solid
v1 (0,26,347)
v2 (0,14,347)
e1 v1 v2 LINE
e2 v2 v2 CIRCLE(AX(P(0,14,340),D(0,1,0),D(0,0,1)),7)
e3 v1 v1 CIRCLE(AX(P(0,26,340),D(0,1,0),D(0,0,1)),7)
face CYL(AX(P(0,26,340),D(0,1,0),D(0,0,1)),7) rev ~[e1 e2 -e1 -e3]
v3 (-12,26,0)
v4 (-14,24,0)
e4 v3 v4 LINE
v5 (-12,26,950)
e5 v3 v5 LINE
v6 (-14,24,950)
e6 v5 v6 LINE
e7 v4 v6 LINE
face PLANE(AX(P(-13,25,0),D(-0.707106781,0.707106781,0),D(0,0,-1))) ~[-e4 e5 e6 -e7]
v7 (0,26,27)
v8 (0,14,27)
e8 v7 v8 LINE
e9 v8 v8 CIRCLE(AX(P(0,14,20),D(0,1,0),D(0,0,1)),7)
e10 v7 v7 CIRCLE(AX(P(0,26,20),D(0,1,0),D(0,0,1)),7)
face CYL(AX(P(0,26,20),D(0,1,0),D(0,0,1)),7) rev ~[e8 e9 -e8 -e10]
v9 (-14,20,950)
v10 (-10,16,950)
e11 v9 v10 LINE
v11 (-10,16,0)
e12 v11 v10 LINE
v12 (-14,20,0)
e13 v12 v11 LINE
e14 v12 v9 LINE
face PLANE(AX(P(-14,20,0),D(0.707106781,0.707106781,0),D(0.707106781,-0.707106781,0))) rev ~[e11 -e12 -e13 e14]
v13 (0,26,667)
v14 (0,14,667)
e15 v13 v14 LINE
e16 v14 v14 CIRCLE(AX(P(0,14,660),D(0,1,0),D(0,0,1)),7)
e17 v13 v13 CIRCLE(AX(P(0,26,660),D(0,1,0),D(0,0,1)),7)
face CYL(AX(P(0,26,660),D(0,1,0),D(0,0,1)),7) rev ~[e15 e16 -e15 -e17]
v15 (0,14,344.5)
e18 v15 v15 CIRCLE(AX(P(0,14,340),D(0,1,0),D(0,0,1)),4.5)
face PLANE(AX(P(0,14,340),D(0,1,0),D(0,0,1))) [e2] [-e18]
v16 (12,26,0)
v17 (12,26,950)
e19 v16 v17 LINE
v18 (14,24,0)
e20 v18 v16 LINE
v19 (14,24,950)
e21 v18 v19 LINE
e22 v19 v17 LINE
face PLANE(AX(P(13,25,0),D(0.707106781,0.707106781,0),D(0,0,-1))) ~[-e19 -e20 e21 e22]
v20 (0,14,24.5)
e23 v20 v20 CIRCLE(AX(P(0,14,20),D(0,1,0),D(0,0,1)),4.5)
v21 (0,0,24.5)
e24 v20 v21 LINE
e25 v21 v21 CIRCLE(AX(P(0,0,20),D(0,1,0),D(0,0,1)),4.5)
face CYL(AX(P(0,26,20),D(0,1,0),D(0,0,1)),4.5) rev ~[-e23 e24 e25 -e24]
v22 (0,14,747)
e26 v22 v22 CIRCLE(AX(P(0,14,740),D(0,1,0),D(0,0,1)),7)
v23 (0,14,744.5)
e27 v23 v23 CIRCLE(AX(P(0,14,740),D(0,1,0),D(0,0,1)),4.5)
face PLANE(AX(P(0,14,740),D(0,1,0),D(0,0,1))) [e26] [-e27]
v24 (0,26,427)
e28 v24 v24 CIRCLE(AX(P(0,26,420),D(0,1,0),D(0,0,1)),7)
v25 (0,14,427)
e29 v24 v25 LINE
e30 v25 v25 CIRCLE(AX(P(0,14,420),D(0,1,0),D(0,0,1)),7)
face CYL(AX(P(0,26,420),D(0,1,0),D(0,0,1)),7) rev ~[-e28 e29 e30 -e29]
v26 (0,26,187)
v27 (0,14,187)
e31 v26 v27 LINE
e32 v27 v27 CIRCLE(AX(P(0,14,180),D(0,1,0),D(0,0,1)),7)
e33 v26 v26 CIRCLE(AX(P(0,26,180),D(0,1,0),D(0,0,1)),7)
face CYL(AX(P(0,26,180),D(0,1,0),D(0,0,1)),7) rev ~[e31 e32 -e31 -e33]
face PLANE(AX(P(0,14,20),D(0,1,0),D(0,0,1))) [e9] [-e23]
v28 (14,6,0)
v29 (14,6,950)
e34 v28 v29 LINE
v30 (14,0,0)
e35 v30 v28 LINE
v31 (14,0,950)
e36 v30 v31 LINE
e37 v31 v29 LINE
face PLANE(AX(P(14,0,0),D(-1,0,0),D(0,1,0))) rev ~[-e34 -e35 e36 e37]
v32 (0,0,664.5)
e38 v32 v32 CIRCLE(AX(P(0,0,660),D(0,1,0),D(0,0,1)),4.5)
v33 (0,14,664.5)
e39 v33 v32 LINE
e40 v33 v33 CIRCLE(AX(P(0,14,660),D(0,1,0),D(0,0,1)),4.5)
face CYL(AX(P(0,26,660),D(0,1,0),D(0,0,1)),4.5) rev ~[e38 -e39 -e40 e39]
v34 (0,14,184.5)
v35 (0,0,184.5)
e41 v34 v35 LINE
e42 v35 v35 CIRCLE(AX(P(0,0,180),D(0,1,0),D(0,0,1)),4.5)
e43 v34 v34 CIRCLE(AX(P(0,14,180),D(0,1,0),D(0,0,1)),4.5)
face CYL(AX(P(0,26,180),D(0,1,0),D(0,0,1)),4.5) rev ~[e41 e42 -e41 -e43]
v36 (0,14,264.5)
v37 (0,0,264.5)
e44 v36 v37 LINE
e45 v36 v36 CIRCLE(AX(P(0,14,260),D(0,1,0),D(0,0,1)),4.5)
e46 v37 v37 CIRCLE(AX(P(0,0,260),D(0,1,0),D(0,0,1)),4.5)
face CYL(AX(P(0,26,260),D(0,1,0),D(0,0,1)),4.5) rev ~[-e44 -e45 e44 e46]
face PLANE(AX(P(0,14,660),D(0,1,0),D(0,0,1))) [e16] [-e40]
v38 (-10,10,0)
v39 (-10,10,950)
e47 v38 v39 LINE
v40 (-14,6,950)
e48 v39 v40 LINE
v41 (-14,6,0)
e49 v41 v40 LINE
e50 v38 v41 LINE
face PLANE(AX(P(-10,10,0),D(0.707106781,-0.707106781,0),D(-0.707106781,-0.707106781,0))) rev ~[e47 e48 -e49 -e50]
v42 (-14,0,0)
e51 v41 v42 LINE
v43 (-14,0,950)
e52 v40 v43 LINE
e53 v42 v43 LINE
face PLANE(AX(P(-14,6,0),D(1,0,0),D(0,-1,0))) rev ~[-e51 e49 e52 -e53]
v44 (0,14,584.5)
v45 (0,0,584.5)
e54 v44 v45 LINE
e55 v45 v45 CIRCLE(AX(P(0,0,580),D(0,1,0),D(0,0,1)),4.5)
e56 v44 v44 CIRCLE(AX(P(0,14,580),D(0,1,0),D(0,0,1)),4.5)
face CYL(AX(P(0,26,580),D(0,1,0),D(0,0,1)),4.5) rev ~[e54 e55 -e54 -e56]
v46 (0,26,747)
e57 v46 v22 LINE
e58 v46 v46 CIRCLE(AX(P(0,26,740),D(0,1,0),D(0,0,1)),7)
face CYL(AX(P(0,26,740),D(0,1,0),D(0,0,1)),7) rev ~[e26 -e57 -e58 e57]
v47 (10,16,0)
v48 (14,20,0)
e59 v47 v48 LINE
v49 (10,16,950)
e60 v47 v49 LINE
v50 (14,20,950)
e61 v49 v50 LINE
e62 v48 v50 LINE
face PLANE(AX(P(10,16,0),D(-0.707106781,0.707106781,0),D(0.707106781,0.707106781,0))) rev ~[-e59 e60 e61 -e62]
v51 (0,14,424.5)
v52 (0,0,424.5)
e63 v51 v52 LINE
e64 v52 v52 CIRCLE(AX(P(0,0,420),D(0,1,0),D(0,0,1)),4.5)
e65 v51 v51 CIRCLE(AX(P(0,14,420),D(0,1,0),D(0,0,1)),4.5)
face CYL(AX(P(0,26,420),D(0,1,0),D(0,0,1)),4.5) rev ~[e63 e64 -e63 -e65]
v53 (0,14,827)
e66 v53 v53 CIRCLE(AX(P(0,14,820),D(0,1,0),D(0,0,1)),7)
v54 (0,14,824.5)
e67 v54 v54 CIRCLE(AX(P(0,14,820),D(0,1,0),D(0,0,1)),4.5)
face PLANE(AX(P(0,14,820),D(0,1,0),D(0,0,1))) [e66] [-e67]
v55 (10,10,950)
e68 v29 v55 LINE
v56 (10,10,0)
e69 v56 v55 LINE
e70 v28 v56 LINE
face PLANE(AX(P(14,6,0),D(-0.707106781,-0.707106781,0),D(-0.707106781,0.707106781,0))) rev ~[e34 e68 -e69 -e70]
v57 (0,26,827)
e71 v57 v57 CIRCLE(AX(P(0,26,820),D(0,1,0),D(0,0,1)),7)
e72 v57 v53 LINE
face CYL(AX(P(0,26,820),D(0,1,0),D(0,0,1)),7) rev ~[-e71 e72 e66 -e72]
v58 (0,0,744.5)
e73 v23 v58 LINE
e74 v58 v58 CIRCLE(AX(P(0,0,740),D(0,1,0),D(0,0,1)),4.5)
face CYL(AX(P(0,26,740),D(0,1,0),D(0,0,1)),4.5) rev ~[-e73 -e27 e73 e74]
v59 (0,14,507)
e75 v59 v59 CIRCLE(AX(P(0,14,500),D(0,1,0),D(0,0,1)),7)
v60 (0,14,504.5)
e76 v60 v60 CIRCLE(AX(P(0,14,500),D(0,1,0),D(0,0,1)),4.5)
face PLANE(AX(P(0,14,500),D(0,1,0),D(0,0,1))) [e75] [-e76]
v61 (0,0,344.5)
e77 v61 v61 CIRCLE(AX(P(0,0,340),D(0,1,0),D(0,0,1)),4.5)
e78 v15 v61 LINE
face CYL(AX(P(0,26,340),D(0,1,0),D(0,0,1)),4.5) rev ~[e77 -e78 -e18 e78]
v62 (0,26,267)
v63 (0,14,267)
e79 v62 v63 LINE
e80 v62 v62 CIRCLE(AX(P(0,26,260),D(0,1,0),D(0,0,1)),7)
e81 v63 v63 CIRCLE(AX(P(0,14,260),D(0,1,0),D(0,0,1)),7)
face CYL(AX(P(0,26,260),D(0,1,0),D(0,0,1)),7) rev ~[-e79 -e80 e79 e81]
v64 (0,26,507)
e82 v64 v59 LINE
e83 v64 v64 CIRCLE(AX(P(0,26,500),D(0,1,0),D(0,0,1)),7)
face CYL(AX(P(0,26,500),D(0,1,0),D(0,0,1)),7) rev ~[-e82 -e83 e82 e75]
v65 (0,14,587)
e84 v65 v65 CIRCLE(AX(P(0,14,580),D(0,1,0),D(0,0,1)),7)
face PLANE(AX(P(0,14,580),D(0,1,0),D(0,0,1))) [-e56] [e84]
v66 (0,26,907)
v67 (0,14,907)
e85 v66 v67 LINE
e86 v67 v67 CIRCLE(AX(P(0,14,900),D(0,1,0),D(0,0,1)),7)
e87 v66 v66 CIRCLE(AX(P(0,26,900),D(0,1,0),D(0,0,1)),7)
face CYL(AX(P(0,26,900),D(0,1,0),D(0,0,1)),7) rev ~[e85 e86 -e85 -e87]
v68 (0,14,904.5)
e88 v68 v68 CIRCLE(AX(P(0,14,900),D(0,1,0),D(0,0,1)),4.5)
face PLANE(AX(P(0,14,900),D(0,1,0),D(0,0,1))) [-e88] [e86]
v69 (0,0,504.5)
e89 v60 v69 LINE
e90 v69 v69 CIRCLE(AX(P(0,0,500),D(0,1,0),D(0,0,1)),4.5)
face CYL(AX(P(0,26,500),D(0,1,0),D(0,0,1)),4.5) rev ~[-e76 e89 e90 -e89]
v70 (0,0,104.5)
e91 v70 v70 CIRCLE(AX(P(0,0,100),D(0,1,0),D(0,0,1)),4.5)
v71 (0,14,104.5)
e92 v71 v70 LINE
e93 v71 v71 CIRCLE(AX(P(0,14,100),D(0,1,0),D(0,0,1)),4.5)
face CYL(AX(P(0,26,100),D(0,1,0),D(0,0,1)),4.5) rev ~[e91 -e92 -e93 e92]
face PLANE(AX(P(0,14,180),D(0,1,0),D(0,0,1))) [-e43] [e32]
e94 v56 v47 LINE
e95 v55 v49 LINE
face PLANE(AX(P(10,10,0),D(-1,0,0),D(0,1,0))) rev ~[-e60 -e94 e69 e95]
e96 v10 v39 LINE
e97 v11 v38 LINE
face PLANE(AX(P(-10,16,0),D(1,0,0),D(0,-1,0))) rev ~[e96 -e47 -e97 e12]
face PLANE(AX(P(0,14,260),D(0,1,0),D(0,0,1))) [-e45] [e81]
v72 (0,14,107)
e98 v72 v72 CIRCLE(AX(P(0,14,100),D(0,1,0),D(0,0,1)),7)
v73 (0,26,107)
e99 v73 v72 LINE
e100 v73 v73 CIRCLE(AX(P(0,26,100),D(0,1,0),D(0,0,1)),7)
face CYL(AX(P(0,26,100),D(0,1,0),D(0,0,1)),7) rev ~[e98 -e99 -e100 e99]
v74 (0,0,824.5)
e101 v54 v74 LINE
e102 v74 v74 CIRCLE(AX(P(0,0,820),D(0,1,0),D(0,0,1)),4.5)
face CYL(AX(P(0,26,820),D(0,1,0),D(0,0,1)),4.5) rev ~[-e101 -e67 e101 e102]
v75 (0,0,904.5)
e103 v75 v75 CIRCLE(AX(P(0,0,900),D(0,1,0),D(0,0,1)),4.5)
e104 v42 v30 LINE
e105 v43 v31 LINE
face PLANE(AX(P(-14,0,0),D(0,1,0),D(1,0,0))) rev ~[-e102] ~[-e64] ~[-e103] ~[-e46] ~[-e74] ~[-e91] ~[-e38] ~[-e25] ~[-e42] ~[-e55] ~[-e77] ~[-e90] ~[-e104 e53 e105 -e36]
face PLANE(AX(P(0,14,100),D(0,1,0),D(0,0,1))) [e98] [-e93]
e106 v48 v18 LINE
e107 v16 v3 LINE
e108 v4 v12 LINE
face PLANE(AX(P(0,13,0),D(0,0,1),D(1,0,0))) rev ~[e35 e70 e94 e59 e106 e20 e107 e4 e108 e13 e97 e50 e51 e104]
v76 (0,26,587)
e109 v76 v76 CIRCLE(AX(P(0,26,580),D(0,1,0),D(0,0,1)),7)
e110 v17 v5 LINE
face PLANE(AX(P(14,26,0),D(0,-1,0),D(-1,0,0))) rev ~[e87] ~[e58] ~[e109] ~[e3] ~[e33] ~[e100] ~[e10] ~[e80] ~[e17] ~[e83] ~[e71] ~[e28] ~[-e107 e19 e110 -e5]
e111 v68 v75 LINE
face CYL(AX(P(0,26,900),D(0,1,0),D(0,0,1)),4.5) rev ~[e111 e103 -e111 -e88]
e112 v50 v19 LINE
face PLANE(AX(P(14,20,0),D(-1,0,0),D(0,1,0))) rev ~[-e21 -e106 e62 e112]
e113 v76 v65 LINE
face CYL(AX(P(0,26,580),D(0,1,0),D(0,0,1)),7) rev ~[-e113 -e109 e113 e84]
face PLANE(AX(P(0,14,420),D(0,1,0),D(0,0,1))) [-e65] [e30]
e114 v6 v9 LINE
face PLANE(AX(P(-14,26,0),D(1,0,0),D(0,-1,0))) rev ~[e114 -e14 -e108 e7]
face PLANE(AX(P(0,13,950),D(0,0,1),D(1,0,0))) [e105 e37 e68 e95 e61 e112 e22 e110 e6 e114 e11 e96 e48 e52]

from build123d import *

# Parameters (mm, degrees)
EXTRUDE_1_DEPTH        = 950
CHAMFER_1_SIZE         = 2
SKETCH_2_R             = 7
CUT_EXTRUDE_1_DEPTH    = 12
PATTERN_LINEAR_1_COUNT = 12
PATTERN_LINEAR_1_PITCH = 80
SKETCH_3_R             = 4.5
CUT_EXTRUDE_2_DEPTH    = 40
PATTERN_LINEAR_2_COUNT = 12
PATTERN_LINEAR_2_PITCH = 80


with BuildPart() as part:
    # 草图1 → 凸台-拉伸1 (new body)
    with BuildSketch(Plane.XY):
        Polygon((-14, 0), (14, 0), (14, 6), (10, 10), (10, 16), (14, 20), (14, 26), (-14, 26), (-14, 20), (-10, 16), (-10, 10), (-14, 6), align=None)
    extrude(amount=EXTRUDE_1_DEPTH)

    # 倒角1
    chamfer_1_edges = [part.edges().sort_by_distance(p)[0] for p in [
        (-14, 26, 475),
        (14, 26, 475),
    ]]
    chamfer(chamfer_1_edges, length=CHAMFER_1_SIZE)

    # 草图2 → 切除-拉伸1 (cut)
    with BuildSketch(Plane(origin=(0, 26, 0), x_dir=(1, 0, 0), z_dir=(0, 1, 0))):
        with Locations(Location((0, -20, 0), (0, 0, 270))):
            Circle(SKETCH_2_R)
    cut_extrude_1 = extrude(amount=-CUT_EXTRUDE_1_DEPTH, mode=Mode.SUBTRACT)

    # 阵列(线性)1: 切除-拉伸1 ×12
    with Locations(*[(0, 0, i * PATTERN_LINEAR_1_PITCH) for i in range(1, PATTERN_LINEAR_1_COUNT)]):
        add(cut_extrude_1, mode=Mode.SUBTRACT)

    # 草图3 → 切除-拉伸2 (cut)
    with BuildSketch(Plane(origin=(0, 26, 0), x_dir=(1, 0, 0), z_dir=(0, 1, 0))):
        with Locations(Location((0, -20, 0), (0, 0, 270))):
            Circle(SKETCH_3_R)
    cut_extrude_2 = extrude(amount=-CUT_EXTRUDE_2_DEPTH, mode=Mode.SUBTRACT)

    # 阵列(线性)2: 切除-拉伸2 ×12
    with Locations(*[(0, 0, i * PATTERN_LINEAR_2_PITCH) for i in range(1, PATTERN_LINEAR_2_COUNT)]):
        add(cut_extrude_2, mode=Mode.SUBTRACT)


solid = part.part
